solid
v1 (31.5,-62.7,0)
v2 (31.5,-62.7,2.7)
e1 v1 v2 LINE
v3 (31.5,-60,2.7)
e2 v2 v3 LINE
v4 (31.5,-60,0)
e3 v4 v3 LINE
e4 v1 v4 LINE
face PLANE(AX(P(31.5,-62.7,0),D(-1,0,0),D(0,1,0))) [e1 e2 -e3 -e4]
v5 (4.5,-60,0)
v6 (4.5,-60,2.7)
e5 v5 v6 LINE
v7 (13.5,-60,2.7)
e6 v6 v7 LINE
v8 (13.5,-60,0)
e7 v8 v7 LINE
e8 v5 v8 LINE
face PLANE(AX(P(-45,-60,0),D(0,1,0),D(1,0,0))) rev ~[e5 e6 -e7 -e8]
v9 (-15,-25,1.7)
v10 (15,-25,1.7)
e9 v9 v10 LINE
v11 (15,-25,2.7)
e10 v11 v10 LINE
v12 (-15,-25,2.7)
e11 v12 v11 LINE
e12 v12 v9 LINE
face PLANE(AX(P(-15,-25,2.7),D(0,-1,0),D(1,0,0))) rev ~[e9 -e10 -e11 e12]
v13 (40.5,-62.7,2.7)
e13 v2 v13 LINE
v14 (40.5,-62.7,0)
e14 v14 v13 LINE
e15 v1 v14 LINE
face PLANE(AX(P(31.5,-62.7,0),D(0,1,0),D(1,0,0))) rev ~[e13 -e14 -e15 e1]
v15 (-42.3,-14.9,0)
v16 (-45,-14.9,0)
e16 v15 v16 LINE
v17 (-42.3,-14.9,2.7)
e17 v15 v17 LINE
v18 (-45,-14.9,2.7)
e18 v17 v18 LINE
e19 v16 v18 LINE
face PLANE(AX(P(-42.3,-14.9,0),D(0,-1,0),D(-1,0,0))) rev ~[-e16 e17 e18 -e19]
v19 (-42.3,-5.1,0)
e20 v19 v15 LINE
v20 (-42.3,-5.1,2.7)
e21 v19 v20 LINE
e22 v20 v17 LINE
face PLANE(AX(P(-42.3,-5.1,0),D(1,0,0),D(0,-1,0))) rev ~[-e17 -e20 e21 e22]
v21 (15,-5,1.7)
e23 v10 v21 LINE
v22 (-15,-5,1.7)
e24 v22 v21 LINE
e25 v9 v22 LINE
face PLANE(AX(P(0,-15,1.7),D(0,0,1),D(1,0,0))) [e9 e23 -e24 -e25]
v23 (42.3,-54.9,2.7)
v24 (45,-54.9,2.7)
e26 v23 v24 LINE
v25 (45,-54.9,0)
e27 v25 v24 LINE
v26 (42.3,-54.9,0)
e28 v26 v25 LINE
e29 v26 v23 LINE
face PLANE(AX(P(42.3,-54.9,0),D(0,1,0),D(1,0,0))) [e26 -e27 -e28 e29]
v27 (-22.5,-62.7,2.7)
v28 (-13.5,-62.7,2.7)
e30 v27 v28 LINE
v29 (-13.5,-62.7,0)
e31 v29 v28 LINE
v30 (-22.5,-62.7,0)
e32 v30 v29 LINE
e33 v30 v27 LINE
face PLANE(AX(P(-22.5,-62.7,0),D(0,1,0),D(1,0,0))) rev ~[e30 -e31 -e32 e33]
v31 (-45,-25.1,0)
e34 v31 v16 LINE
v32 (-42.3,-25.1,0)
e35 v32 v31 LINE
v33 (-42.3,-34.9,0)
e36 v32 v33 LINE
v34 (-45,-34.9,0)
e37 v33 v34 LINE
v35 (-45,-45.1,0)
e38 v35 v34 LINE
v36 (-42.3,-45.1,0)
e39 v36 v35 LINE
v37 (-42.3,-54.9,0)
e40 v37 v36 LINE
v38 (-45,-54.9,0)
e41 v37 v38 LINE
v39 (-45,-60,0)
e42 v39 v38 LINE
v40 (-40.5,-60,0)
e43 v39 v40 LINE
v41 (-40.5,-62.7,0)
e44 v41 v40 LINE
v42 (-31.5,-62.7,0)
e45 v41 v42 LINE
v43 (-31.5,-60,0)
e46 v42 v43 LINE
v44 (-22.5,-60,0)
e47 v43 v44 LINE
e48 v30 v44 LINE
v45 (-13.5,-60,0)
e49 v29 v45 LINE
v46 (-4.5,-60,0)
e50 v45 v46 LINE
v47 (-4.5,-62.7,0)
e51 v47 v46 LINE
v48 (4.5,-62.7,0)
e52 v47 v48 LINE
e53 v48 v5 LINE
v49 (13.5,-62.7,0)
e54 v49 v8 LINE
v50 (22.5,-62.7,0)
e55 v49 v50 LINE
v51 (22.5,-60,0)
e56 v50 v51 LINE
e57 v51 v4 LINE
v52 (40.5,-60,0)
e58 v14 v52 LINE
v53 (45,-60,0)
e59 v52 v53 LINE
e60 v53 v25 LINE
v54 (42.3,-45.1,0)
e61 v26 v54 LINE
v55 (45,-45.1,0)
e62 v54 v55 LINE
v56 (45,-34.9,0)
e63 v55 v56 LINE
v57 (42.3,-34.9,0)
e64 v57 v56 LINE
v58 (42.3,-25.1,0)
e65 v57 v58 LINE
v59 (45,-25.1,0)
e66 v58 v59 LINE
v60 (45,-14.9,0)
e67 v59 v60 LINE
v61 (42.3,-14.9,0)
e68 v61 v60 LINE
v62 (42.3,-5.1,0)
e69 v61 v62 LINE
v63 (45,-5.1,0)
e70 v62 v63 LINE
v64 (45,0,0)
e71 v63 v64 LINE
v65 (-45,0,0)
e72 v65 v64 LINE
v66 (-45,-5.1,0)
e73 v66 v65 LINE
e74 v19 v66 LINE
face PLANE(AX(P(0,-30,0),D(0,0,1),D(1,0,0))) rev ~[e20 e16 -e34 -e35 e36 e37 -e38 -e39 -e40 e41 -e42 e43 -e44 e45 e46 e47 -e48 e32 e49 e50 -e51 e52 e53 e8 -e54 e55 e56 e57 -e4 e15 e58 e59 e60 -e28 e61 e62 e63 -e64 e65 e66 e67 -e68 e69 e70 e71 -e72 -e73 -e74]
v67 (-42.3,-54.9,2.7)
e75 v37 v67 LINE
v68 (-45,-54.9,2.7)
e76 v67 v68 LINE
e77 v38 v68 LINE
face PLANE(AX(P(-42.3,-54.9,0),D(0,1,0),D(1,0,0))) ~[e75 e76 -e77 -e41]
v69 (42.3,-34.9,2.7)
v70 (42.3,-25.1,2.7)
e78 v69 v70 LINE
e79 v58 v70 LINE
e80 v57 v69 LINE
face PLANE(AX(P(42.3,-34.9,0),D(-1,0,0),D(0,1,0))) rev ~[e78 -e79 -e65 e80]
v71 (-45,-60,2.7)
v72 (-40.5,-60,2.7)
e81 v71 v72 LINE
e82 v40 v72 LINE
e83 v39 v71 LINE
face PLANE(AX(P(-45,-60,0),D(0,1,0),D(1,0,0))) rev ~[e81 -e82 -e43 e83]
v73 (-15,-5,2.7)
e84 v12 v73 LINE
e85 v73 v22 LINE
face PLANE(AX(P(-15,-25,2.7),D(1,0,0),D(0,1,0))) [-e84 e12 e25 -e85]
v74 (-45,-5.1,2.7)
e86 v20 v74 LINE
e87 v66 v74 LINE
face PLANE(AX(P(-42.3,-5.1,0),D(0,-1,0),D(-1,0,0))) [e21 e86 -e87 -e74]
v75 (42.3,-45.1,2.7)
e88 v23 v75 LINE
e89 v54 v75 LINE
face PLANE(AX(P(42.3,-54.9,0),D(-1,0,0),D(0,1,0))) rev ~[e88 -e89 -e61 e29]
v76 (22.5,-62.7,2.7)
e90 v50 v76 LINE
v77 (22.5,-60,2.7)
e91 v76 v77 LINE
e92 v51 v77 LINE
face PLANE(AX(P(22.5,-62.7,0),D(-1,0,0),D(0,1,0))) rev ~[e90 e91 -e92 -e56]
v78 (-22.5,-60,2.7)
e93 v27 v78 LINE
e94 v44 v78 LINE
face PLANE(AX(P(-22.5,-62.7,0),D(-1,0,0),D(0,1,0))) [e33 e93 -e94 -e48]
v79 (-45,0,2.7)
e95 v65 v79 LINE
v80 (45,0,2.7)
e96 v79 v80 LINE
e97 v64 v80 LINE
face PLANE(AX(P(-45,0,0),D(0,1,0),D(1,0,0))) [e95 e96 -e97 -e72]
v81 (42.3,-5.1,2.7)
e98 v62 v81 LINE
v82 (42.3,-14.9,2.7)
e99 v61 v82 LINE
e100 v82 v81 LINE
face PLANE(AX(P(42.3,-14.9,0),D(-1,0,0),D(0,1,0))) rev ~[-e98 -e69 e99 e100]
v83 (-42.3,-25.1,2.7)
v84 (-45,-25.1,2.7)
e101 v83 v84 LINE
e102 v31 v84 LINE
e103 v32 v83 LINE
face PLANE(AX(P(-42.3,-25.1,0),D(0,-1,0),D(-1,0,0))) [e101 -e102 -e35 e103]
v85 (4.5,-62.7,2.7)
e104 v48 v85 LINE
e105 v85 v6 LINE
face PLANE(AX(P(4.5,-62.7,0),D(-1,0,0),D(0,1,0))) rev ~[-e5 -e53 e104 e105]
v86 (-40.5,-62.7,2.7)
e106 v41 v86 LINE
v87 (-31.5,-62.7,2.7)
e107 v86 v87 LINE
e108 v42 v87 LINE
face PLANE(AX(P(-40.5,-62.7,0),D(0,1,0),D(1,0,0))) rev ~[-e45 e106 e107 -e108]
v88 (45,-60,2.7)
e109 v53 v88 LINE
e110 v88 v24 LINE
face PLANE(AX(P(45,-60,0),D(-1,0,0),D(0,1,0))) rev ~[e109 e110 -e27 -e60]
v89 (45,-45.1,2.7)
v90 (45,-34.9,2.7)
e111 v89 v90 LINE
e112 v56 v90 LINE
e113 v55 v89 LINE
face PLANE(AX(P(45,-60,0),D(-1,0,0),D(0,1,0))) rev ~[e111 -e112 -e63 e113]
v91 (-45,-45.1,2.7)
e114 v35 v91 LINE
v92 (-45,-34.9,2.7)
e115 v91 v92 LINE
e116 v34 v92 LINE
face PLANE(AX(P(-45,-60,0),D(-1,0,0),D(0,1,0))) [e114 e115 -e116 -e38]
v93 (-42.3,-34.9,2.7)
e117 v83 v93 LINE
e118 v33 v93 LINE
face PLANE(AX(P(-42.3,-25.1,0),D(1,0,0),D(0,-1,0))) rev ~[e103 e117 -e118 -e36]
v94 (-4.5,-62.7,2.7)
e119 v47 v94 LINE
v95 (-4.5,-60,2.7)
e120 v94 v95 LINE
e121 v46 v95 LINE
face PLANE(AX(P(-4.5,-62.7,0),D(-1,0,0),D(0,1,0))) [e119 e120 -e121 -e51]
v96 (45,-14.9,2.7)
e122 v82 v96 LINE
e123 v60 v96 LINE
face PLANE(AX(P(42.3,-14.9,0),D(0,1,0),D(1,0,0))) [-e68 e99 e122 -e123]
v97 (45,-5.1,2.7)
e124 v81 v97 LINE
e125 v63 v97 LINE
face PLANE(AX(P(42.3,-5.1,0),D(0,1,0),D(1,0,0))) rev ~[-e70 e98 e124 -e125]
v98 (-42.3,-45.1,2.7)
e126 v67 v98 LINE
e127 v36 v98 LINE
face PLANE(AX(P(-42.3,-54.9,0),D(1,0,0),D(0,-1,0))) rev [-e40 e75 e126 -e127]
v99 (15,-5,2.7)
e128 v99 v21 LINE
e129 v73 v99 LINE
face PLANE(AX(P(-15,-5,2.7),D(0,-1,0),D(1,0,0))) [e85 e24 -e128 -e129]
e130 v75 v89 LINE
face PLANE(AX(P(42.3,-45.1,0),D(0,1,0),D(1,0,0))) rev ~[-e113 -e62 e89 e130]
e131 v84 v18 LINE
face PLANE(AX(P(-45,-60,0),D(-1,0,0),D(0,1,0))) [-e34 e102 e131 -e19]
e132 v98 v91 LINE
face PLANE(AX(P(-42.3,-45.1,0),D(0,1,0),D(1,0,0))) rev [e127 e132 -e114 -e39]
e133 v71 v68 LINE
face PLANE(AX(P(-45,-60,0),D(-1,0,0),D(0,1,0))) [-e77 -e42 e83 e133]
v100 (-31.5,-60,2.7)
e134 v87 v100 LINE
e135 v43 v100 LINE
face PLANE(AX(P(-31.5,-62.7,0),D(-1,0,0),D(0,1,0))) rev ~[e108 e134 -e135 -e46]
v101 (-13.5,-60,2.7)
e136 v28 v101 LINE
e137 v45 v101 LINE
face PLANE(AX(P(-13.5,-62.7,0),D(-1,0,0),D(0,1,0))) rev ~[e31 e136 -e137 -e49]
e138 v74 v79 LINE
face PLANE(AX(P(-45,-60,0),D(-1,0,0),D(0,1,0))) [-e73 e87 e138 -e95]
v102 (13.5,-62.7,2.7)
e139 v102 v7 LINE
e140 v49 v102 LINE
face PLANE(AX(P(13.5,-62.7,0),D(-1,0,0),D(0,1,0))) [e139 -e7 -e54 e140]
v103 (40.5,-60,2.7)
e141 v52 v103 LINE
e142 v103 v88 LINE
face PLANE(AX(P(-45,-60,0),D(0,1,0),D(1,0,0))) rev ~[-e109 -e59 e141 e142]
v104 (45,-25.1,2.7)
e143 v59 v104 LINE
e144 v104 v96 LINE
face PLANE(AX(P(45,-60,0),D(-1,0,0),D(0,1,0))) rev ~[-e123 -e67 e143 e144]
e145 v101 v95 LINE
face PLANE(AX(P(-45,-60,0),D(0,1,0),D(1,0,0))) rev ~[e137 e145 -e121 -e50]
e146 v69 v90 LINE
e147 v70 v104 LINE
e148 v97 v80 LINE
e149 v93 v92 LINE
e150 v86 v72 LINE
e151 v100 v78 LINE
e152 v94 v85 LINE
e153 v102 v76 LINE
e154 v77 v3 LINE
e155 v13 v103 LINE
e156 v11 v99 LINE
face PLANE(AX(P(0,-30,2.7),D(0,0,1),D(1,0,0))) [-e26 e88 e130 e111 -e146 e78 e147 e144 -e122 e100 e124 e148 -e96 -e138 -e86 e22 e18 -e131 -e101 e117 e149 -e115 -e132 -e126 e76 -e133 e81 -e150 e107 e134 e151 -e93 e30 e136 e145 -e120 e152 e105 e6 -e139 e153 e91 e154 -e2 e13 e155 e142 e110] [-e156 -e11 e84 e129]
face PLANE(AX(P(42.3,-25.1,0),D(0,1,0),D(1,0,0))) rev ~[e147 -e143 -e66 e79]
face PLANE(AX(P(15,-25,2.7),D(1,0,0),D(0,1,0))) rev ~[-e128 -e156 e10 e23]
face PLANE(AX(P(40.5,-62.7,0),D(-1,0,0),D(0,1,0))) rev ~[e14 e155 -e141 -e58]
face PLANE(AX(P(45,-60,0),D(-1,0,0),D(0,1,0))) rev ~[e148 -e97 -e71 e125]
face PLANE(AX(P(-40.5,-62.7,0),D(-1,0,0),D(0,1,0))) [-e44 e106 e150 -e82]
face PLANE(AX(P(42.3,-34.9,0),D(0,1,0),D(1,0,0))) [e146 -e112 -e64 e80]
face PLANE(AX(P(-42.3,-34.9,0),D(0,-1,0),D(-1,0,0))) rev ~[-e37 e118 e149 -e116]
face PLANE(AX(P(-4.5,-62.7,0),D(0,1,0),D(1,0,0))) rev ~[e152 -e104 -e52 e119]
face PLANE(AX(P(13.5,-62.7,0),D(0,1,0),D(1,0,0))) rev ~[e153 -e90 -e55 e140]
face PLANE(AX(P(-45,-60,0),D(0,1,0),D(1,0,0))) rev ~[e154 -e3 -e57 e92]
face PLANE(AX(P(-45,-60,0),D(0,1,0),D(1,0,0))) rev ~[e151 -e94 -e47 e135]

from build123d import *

# Parameters (mm, degrees)
ESQUISSE1_W                    = 90
ESQUISSE1_H                    = 60
BOSS_EXTRU_1_DEPTH             = 2.7
ESQUISSE2_W                    = 9
ESQUISSE2_H                    = 2.7
BOSS_EXTRU_2_DEPTH             = 2.7
R_P_TITION_LIN_AIRE1_COUNT     = 3
R_P_TITION_LIN_AIRE1_PITCH     = 18
R_P_TITION_LIN_AIRE1_COL_COUNT = 3
R_P_TITION_LIN_AIRE1_COL_PITCH = 18
ESQUISSE3_W                    = 2.7
ESQUISSE3_H                    = 9.8
ENL_V_MAT_EXTRU_1_DEPTH        = 2.7
R_P_TITION_LIN_AIRE2_COUNT     = 5
R_P_TITION_LIN_AIRE2_PITCH     = 20
SYM_TRIE1_COPY_1_SKETCH_W      = 2.7
SYM_TRIE1_COPY_1_SKETCH_H      = 9.8
SYM_TRIE1_COPY_1_DEPTH         = 2.7
SYM_TRIE1_COPY_2_SKETCH_W      = 2.7
SYM_TRIE1_COPY_2_SKETCH_H      = 9.8
SYM_TRIE1_COPY_2_DEPTH         = 2.7
SYM_TRIE1_COPY_3_SKETCH_W      = 2.7
SYM_TRIE1_COPY_3_SKETCH_H      = 9.8
SYM_TRIE1_COPY_3_DEPTH         = 2.7
SYM_TRIE1_COPY_4_SKETCH_W      = 2.7
SYM_TRIE1_COPY_4_SKETCH_H      = 9.8
SYM_TRIE1_COPY_4_DEPTH         = 2.7
ESQUISSE14_W                   = 30
ESQUISSE14_H                   = 20
ENL_V_MAT_EXTRU_4_DEPTH        = 1


with BuildPart() as part:
    # Esquisse1 → Boss.-Extru.1 (new body)
    with BuildSketch(Plane.XY):
        with Locations((0, -30)):
            Rectangle(ESQUISSE1_W, ESQUISSE1_H)
    extrude(amount=BOSS_EXTRU_1_DEPTH)

    # Esquisse2 → Boss.-Extru.2 (add)
    with BuildSketch(Plane.XY):
        with Locations((0, -61.35)):
            Rectangle(ESQUISSE2_W, ESQUISSE2_H)
    boss_extru_2 = extrude(amount=BOSS_EXTRU_2_DEPTH)

    # Répétition linéaire1: Boss.-Extru.2 ×3
    with Locations(*[(i * R_P_TITION_LIN_AIRE1_PITCH, 0, 0) for i in range(1, R_P_TITION_LIN_AIRE1_COUNT)]):
        add(boss_extru_2)

    # Répétition linéaire1 col: Boss.-Extru.2 ×3
    with Locations(*[(-i * R_P_TITION_LIN_AIRE1_COL_PITCH, 0, 0) for i in range(1, R_P_TITION_LIN_AIRE1_COL_COUNT)]):
        add(boss_extru_2)

    # Esquisse3 → Enlèv. mat.-Extru.1 (cut)
    with BuildSketch(Plane.XY):
        with Locations((43.65, -50)):
            Rectangle(ESQUISSE3_W, ESQUISSE3_H)
    enl_v_mat_extru_1 = extrude(amount=ENL_V_MAT_EXTRU_1_DEPTH, mode=Mode.SUBTRACT)

    # Répétition linéaire2: Enlèv. mat.-Extru.1 ×5
    with Locations(*[(0, i * R_P_TITION_LIN_AIRE2_PITCH, 0) for i in range(1, R_P_TITION_LIN_AIRE2_COUNT)]):
        add(enl_v_mat_extru_1, mode=Mode.SUBTRACT)

    # Symétrie1: Enlèv. mat.-Extru.1 across plane
    add(enl_v_mat_extru_1.mirror(Plane(origin=(0, 0, 0), x_dir=(0, 0, 1), z_dir=(1, 0, 0))), mode=Mode.SUBTRACT)

    # Symétrie1 copy 1 sketch → Symétrie1 copy 1 (cut)
    with BuildSketch(Plane(origin=(0, 20, 0), x_dir=(-1, 0, 0), z_dir=(0, 0, 1))):
        with Locations((43.65, 50)):
            Rectangle(SYM_TRIE1_COPY_1_SKETCH_W, SYM_TRIE1_COPY_1_SKETCH_H)
    extrude(amount=SYM_TRIE1_COPY_1_DEPTH, mode=Mode.SUBTRACT)

    # Symétrie1 copy 2 sketch → Symétrie1 copy 2 (cut)
    with BuildSketch(Plane(origin=(0, 40, 0), x_dir=(-1, 0, 0), z_dir=(0, 0, 1))):
        with Locations((43.65, 50)):
            Rectangle(SYM_TRIE1_COPY_2_SKETCH_W, SYM_TRIE1_COPY_2_SKETCH_H)
    extrude(amount=SYM_TRIE1_COPY_2_DEPTH, mode=Mode.SUBTRACT)

    # Symétrie1 copy 3 sketch → Symétrie1 copy 3 (cut)
    with BuildSketch(Plane(origin=(0, 60, 0), x_dir=(-1, 0, 0), z_dir=(0, 0, 1))):
        with Locations((43.65, 50)):
            Rectangle(SYM_TRIE1_COPY_3_SKETCH_W, SYM_TRIE1_COPY_3_SKETCH_H)
    extrude(amount=SYM_TRIE1_COPY_3_DEPTH, mode=Mode.SUBTRACT)

    # Symétrie1 copy 4 sketch → Symétrie1 copy 4 (cut)
    with BuildSketch(Plane(origin=(0, 80, 0), x_dir=(-1, 0, 0), z_dir=(0, 0, 1))):
        with Locations((43.65, 50)):
            Rectangle(SYM_TRIE1_COPY_4_SKETCH_W, SYM_TRIE1_COPY_4_SKETCH_H)
    extrude(amount=SYM_TRIE1_COPY_4_DEPTH, mode=Mode.SUBTRACT)

    # Esquisse14 → Enlèv. mat.-Extru.4 (cut)
    with BuildSketch(Plane.XY.offset(2.7)):
        with Locations((0, -15)):
            Rectangle(ESQUISSE14_W, ESQUISSE14_H)
    extrude(amount=-ENL_V_MAT_EXTRU_4_DEPTH, mode=Mode.SUBTRACT)


solid = part.part
